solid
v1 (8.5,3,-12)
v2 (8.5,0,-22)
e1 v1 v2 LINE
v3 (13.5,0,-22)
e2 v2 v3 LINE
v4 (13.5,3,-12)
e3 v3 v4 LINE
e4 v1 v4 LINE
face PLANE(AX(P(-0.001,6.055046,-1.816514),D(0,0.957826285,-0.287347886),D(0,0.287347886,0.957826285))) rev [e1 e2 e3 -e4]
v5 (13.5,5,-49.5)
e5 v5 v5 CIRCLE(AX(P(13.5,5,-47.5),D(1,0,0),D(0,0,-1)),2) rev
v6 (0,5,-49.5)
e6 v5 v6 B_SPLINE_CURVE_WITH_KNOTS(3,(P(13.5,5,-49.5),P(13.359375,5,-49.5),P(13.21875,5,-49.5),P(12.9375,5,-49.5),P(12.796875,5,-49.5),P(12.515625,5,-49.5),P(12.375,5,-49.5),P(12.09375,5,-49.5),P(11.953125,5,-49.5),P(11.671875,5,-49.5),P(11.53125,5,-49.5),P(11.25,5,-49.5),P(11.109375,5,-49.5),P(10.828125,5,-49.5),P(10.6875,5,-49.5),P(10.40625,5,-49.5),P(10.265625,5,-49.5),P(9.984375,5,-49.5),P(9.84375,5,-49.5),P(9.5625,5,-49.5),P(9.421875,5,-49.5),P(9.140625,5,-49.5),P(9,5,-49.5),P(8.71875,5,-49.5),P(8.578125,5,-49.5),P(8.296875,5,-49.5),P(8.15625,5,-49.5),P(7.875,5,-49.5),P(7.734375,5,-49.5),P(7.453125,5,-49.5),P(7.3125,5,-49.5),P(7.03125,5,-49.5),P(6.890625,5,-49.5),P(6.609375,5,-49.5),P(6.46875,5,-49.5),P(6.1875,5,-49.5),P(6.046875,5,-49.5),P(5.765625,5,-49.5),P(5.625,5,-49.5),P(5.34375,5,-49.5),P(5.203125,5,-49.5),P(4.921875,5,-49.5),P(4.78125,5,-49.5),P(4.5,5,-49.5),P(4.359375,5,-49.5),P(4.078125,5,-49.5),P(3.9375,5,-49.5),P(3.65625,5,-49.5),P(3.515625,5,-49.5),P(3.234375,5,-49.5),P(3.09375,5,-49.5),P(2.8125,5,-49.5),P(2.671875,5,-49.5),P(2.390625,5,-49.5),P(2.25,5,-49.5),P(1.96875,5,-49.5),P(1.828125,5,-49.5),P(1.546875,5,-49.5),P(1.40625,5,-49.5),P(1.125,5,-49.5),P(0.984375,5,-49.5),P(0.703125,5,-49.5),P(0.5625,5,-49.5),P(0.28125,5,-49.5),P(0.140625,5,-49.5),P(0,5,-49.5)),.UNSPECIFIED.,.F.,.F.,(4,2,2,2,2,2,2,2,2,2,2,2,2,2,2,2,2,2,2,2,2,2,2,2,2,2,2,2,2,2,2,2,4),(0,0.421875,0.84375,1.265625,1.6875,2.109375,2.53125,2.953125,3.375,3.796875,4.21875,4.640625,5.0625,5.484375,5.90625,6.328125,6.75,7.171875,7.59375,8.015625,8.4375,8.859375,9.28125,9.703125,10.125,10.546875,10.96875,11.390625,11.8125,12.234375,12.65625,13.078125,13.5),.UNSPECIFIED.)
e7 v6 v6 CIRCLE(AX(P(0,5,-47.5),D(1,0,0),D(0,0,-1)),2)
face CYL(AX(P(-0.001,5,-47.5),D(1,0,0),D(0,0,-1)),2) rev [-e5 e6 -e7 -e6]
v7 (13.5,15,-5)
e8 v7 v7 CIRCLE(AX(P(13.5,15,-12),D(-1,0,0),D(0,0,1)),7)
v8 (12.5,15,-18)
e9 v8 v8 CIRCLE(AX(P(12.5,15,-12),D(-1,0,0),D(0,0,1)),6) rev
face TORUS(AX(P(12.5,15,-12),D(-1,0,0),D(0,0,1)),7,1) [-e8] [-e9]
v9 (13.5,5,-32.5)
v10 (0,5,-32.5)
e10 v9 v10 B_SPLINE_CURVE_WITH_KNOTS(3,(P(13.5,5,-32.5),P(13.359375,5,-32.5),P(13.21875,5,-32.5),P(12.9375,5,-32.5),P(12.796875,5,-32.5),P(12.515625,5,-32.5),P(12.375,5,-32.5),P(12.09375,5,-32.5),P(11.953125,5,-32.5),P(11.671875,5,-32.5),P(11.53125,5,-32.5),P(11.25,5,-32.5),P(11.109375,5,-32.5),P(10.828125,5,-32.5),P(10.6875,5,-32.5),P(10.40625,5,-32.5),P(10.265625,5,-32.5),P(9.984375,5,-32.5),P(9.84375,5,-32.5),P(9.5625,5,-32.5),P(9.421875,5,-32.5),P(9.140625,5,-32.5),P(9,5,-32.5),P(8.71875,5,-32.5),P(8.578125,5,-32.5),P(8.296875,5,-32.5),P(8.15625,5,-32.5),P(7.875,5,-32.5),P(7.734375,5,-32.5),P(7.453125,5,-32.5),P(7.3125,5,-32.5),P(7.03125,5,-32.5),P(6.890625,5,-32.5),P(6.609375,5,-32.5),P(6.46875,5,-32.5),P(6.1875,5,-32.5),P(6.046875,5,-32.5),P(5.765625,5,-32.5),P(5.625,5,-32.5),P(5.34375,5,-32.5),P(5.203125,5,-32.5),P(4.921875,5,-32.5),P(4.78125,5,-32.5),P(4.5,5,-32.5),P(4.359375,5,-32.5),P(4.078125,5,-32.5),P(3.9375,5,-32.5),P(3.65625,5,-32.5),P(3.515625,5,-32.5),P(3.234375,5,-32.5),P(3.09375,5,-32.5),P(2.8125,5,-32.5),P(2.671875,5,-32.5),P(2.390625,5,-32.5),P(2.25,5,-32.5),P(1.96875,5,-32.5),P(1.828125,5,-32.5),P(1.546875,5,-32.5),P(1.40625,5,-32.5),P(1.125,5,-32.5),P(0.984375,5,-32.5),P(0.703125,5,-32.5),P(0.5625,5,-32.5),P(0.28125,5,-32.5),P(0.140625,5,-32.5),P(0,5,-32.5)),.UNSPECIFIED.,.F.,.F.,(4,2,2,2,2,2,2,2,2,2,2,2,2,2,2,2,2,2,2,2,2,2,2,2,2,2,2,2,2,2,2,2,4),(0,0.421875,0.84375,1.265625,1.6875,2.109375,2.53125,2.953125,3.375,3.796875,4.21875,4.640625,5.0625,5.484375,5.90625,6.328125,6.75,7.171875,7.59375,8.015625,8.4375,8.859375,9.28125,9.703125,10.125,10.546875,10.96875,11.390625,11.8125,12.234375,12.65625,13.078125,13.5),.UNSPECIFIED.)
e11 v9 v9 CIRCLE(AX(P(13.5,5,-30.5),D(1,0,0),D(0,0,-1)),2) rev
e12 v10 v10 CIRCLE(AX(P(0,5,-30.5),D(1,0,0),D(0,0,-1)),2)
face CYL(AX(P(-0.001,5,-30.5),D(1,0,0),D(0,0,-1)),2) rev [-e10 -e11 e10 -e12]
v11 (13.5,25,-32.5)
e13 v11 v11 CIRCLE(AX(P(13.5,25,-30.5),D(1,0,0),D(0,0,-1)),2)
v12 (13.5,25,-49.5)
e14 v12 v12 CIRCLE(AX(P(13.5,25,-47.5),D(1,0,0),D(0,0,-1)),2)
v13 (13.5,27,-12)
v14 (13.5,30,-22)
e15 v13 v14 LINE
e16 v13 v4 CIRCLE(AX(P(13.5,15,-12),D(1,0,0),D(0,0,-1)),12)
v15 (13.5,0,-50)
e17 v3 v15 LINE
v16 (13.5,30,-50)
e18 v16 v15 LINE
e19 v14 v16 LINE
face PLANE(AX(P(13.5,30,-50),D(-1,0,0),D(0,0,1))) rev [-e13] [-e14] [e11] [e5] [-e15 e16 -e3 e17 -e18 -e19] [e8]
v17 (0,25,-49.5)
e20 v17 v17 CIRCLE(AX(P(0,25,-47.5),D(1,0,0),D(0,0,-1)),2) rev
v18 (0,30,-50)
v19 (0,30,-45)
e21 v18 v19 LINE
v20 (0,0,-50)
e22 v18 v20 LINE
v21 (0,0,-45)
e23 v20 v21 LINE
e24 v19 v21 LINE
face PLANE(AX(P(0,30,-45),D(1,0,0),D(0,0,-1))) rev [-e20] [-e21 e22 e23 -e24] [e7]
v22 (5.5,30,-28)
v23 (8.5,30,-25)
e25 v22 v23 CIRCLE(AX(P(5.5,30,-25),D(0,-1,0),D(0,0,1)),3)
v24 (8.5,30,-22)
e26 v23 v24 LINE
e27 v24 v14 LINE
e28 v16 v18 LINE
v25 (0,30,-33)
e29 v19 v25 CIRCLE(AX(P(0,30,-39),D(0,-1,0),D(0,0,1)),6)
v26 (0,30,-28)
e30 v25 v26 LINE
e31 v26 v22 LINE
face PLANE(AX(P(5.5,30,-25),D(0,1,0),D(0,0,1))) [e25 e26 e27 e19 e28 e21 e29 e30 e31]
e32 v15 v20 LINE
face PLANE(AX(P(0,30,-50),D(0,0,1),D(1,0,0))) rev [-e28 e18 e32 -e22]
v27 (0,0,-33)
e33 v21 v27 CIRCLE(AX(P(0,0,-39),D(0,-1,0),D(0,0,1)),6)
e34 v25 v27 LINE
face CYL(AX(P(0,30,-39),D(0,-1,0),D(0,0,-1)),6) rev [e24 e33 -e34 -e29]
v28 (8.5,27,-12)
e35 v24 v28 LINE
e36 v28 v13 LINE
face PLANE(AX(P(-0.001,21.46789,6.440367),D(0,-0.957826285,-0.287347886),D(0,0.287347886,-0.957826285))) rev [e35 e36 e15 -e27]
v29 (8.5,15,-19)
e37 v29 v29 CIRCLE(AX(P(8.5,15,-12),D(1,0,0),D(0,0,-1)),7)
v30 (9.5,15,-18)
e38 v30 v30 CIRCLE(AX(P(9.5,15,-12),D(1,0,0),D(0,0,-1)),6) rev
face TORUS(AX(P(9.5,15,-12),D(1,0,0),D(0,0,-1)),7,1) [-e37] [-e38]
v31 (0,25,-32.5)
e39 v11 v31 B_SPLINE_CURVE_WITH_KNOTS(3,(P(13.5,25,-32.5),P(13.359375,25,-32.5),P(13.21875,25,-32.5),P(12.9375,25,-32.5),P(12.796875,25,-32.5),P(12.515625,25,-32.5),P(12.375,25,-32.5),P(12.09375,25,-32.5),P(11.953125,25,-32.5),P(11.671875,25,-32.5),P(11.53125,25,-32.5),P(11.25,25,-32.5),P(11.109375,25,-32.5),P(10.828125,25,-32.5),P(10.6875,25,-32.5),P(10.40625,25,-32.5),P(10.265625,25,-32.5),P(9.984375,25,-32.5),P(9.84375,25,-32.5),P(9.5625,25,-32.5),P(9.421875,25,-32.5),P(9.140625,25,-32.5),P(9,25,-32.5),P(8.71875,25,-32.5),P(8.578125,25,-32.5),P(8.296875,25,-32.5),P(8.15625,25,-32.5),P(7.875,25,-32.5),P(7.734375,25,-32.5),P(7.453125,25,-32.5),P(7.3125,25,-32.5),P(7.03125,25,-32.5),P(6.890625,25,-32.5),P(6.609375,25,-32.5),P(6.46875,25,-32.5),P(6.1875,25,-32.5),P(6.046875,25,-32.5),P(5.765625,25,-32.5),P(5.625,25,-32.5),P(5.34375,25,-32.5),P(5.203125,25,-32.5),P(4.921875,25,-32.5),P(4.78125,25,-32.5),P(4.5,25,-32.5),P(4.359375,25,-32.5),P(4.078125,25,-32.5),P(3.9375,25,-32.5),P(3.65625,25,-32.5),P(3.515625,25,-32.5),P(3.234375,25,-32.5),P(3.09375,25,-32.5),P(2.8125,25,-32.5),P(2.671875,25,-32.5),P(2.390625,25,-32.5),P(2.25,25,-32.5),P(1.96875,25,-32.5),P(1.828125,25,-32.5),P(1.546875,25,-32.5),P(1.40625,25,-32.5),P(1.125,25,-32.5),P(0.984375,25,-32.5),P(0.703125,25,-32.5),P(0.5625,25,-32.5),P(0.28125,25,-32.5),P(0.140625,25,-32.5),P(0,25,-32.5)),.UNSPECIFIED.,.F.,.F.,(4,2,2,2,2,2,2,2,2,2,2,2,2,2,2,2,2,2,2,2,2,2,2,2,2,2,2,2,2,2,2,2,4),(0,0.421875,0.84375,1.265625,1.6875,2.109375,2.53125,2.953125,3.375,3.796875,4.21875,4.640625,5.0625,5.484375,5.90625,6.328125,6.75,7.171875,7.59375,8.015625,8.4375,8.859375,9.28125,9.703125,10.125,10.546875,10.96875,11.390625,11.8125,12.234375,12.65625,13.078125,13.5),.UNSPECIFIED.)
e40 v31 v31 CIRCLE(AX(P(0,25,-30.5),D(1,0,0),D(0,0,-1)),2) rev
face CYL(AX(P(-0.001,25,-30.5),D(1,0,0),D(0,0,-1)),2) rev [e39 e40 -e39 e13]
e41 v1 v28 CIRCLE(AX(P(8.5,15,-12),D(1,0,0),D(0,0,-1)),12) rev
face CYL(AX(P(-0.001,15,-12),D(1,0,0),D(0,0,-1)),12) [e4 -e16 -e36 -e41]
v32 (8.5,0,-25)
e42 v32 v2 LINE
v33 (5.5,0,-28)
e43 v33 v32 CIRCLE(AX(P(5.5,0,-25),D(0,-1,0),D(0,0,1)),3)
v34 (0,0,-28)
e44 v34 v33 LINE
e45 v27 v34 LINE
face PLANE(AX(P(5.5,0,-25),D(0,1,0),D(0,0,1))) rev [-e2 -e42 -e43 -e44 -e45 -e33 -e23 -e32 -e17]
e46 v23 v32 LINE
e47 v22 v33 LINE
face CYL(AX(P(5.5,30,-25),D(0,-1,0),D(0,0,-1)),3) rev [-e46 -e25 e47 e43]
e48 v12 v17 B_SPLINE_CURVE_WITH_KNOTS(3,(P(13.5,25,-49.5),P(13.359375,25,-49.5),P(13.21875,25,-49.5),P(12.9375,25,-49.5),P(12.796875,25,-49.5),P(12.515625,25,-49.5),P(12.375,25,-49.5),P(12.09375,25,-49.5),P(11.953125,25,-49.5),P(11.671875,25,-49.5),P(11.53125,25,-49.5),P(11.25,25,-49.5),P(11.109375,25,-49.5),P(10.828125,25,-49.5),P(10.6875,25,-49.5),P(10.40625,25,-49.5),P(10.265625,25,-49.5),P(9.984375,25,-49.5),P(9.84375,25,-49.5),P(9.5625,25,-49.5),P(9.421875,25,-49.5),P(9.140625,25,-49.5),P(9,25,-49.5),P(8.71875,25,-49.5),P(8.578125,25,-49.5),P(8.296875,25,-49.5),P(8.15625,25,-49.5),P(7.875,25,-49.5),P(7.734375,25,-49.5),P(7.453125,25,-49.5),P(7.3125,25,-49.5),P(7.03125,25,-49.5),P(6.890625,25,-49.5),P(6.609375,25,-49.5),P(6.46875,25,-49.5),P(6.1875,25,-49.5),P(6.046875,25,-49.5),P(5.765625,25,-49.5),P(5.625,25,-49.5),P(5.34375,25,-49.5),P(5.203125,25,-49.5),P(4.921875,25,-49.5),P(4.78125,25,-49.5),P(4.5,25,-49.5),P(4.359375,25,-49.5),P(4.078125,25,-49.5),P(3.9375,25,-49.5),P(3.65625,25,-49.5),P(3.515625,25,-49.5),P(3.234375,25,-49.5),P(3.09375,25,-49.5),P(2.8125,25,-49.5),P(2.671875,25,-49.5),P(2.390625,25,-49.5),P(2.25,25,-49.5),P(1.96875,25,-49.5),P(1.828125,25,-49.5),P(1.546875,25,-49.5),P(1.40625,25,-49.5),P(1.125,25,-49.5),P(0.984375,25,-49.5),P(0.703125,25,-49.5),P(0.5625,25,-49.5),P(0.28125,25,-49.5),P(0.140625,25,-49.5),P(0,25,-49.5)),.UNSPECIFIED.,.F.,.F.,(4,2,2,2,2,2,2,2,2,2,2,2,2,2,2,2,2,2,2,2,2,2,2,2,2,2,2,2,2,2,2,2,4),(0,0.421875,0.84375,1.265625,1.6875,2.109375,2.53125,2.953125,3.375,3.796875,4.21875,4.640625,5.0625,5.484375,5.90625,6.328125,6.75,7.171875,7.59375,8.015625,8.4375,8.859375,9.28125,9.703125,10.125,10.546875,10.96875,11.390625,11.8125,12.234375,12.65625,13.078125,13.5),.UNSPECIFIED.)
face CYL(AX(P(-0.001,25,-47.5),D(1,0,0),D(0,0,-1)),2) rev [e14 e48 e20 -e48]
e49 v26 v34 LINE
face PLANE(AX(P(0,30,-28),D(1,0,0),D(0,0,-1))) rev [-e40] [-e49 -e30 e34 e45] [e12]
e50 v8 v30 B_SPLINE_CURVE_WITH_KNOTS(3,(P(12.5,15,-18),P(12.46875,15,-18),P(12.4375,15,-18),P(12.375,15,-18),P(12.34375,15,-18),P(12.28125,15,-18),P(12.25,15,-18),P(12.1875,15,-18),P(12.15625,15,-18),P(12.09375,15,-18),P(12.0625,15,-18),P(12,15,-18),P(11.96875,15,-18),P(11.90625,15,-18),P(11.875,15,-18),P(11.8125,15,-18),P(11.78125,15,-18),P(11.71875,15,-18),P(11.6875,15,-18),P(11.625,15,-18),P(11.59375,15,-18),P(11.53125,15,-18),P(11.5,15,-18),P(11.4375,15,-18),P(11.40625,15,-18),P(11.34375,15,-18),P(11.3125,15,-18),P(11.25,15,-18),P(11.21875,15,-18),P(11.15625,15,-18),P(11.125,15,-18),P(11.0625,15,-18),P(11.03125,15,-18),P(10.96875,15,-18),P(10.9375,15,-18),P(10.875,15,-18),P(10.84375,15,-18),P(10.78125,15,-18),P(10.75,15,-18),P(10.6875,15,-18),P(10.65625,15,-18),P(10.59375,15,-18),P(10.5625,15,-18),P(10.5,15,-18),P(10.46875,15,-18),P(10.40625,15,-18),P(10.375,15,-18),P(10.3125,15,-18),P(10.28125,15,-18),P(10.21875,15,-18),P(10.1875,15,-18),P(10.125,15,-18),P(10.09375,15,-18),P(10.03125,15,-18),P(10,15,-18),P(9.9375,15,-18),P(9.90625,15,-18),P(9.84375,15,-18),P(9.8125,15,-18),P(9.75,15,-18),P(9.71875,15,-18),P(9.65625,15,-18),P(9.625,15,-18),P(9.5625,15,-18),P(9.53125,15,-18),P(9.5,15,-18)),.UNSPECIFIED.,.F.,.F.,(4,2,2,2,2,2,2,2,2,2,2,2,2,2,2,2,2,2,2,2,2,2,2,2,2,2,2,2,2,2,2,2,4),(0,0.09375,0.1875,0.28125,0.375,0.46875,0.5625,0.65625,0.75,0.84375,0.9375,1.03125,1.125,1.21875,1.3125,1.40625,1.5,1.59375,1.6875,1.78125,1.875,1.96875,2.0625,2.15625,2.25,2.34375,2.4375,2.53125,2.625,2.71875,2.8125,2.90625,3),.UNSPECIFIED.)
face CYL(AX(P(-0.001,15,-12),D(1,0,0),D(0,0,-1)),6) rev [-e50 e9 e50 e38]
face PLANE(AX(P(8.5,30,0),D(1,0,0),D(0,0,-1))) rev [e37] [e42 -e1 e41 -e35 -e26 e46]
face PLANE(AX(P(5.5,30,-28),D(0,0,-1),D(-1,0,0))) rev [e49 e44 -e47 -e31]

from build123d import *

# Parameters (mm, degrees)
BOSS_EXTRUDE1_DEPTH = 30
CUT_EXTRUDE2_REACH  = 61.852
SKETCH3_R           = 2
SKETCH3_R_2         = 6
FILLET1_R           = 1


with BuildPart() as part:
    # Sketch2 → Boss-Extrude1 (new body)
    with BuildSketch(Plane(origin=(0, 0, 0), x_dir=(1, 0, 0), z_dir=(0, 1, 0))):
        with BuildLine():
            Line((0, 50), (13.5, 50))
            Line((13.5, 50), (13.5, 0))
            Line((13.5, 0), (8.5, 0))
            Line((8.5, 0), (8.5, 25))
            ThreePointArc((8.5, 25), (7.621320344, 27.121320344), (5.5, 28))
            Line((5.5, 28), (0, 28))
            Line((0, 28), (0, 33))
            ThreePointArc((0, 33), (6, 39), (0, 45))
            Line((0, 45), (0, 50))
        make_face()
    extrude(amount=BOSS_EXTRUDE1_DEPTH)

    # Sketch3 → Cut-Extrude2 (cut, up to next)
    with BuildSketch(Plane(origin=(13.5, 0, 0), x_dir=(0, 0, -1), z_dir=(1, 0, 0)), mode=Mode.PRIVATE) as cut_extrude2_sk1:
        with BuildLine():
            ThreePointArc((0, 15), (3.514718626, 23.485281374), (12, 27))
            Line((12, 27), (22, 30))
            Line((22, 30), (0, 30))
            Line((0, 30), (0, 15))
        make_face()
    cut_extrude2_tool1 = extrude(cut_extrude2_sk1.sketch, amount=-CUT_EXTRUDE2_REACH, mode=Mode.PRIVATE) & part.part
    # Sketch3 → Cut-Extrude2 (cut, up to next)
    with BuildSketch(Plane(origin=(13.5, 0, 0), x_dir=(0, 0, -1), z_dir=(1, 0, 0)), mode=Mode.PRIVATE) as cut_extrude2_sk2:
        with BuildLine():
            ThreePointArc((12, 3), (3.514718626, 6.514718626), (0, 15))
            Line((0, 15), (0, 0))
            Line((0, 0), (22, 0))
            Line((22, 0), (12, 3))
        make_face()
    cut_extrude2_tool2 = extrude(cut_extrude2_sk2.sketch, amount=-CUT_EXTRUDE2_REACH, mode=Mode.PRIVATE) & part.part
    # Sketch3 → Cut-Extrude2 (cut, up to next)
    with BuildSketch(Plane(origin=(13.5, 0, 0), x_dir=(0, 0, -1), z_dir=(1, 0, 0)), mode=Mode.PRIVATE) as cut_extrude2_sk3:
        with Locations((30.5, 5)):
            Circle(SKETCH3_R)
    cut_extrude2_tool3 = extrude(cut_extrude2_sk3.sketch, amount=-CUT_EXTRUDE2_REACH, mode=Mode.PRIVATE) & part.part
    # Sketch3 → Cut-Extrude2 (cut, up to next)
    with BuildSketch(Plane(origin=(13.5, 0, 0), x_dir=(0, 0, -1), z_dir=(1, 0, 0)), mode=Mode.PRIVATE) as cut_extrude2_sk4:
        with Locations((47.5, 5)):
            Circle(SKETCH3_R)
    cut_extrude2_tool4 = extrude(cut_extrude2_sk4.sketch, amount=-CUT_EXTRUDE2_REACH, mode=Mode.PRIVATE) & part.part
    # Sketch3 → Cut-Extrude2 (cut, up to next)
    with BuildSketch(Plane(origin=(13.5, 0, 0), x_dir=(0, 0, -1), z_dir=(1, 0, 0)), mode=Mode.PRIVATE) as cut_extrude2_sk5:
        with Locations((47.5, 5)):
            Circle(SKETCH3_R)
    cut_extrude2_tool5 = extrude(cut_extrude2_sk5.sketch, amount=-CUT_EXTRUDE2_REACH, mode=Mode.PRIVATE) & part.part
    # Sketch3 → Cut-Extrude2 (cut, up to next)
    with BuildSketch(Plane(origin=(13.5, 0, 0), x_dir=(0, 0, -1), z_dir=(1, 0, 0)), mode=Mode.PRIVATE) as cut_extrude2_sk6:
        with Locations((12, 15)):
            Circle(SKETCH3_R_2)
    cut_extrude2_tool6 = extrude(cut_extrude2_sk6.sketch, amount=-CUT_EXTRUDE2_REACH, mode=Mode.PRIVATE) & part.part
    # Sketch3 → Cut-Extrude2 (cut, up to next)
    with BuildSketch(Plane(origin=(13.5, 0, 0), x_dir=(0, 0, -1), z_dir=(1, 0, 0)), mode=Mode.PRIVATE) as cut_extrude2_sk7:
        with Locations((30.5, 25)):
            Circle(SKETCH3_R)
    cut_extrude2_tool7 = extrude(cut_extrude2_sk7.sketch, amount=-CUT_EXTRUDE2_REACH, mode=Mode.PRIVATE) & part.part
    # Sketch3 → Cut-Extrude2 (cut, up to next)
    with BuildSketch(Plane(origin=(13.5, 0, 0), x_dir=(0, 0, -1), z_dir=(1, 0, 0)), mode=Mode.PRIVATE) as cut_extrude2_sk8:
        with Locations((47.5, 25)):
            Circle(SKETCH3_R)
    cut_extrude2_tool8 = extrude(cut_extrude2_sk8.sketch, amount=-CUT_EXTRUDE2_REACH, mode=Mode.PRIVATE) & part.part
    add(cut_extrude2_tool1.solids().sort_by_distance((13.5, 27.014261, -6.456835))[0], mode=Mode.SUBTRACT)
    add(cut_extrude2_tool2.solids().sort_by_distance((13.5, 2.985739, -6.456835))[0], mode=Mode.SUBTRACT)
    add(cut_extrude2_tool3.solids().sort_by_distance((13.5, 5, -30.5))[0], mode=Mode.SUBTRACT)
    add(cut_extrude2_tool4.solids().sort_by_distance((13.5, 5, -47.5))[0], mode=Mode.SUBTRACT)
    add(cut_extrude2_tool5.solids().sort_by_distance((13.5, 5, -47.5))[0], mode=Mode.SUBTRACT)
    add(cut_extrude2_tool6.solids().sort_by_distance((13.5, 15, -12))[0], mode=Mode.SUBTRACT)
    add(cut_extrude2_tool7.solids().sort_by_distance((13.5, 25, -30.5))[0], mode=Mode.SUBTRACT)
    add(cut_extrude2_tool8.solids().sort_by_distance((13.5, 25, -47.5))[0], mode=Mode.SUBTRACT)

    # Fillet1
    fillet1_edges = [part.edges().sort_by_distance(p)[0] for p in [
        (13.5, 15, -6),
        (8.5, 15, -6),
    ]]
    fillet(fillet1_edges, radius=FILLET1_R)


solid = part.part
